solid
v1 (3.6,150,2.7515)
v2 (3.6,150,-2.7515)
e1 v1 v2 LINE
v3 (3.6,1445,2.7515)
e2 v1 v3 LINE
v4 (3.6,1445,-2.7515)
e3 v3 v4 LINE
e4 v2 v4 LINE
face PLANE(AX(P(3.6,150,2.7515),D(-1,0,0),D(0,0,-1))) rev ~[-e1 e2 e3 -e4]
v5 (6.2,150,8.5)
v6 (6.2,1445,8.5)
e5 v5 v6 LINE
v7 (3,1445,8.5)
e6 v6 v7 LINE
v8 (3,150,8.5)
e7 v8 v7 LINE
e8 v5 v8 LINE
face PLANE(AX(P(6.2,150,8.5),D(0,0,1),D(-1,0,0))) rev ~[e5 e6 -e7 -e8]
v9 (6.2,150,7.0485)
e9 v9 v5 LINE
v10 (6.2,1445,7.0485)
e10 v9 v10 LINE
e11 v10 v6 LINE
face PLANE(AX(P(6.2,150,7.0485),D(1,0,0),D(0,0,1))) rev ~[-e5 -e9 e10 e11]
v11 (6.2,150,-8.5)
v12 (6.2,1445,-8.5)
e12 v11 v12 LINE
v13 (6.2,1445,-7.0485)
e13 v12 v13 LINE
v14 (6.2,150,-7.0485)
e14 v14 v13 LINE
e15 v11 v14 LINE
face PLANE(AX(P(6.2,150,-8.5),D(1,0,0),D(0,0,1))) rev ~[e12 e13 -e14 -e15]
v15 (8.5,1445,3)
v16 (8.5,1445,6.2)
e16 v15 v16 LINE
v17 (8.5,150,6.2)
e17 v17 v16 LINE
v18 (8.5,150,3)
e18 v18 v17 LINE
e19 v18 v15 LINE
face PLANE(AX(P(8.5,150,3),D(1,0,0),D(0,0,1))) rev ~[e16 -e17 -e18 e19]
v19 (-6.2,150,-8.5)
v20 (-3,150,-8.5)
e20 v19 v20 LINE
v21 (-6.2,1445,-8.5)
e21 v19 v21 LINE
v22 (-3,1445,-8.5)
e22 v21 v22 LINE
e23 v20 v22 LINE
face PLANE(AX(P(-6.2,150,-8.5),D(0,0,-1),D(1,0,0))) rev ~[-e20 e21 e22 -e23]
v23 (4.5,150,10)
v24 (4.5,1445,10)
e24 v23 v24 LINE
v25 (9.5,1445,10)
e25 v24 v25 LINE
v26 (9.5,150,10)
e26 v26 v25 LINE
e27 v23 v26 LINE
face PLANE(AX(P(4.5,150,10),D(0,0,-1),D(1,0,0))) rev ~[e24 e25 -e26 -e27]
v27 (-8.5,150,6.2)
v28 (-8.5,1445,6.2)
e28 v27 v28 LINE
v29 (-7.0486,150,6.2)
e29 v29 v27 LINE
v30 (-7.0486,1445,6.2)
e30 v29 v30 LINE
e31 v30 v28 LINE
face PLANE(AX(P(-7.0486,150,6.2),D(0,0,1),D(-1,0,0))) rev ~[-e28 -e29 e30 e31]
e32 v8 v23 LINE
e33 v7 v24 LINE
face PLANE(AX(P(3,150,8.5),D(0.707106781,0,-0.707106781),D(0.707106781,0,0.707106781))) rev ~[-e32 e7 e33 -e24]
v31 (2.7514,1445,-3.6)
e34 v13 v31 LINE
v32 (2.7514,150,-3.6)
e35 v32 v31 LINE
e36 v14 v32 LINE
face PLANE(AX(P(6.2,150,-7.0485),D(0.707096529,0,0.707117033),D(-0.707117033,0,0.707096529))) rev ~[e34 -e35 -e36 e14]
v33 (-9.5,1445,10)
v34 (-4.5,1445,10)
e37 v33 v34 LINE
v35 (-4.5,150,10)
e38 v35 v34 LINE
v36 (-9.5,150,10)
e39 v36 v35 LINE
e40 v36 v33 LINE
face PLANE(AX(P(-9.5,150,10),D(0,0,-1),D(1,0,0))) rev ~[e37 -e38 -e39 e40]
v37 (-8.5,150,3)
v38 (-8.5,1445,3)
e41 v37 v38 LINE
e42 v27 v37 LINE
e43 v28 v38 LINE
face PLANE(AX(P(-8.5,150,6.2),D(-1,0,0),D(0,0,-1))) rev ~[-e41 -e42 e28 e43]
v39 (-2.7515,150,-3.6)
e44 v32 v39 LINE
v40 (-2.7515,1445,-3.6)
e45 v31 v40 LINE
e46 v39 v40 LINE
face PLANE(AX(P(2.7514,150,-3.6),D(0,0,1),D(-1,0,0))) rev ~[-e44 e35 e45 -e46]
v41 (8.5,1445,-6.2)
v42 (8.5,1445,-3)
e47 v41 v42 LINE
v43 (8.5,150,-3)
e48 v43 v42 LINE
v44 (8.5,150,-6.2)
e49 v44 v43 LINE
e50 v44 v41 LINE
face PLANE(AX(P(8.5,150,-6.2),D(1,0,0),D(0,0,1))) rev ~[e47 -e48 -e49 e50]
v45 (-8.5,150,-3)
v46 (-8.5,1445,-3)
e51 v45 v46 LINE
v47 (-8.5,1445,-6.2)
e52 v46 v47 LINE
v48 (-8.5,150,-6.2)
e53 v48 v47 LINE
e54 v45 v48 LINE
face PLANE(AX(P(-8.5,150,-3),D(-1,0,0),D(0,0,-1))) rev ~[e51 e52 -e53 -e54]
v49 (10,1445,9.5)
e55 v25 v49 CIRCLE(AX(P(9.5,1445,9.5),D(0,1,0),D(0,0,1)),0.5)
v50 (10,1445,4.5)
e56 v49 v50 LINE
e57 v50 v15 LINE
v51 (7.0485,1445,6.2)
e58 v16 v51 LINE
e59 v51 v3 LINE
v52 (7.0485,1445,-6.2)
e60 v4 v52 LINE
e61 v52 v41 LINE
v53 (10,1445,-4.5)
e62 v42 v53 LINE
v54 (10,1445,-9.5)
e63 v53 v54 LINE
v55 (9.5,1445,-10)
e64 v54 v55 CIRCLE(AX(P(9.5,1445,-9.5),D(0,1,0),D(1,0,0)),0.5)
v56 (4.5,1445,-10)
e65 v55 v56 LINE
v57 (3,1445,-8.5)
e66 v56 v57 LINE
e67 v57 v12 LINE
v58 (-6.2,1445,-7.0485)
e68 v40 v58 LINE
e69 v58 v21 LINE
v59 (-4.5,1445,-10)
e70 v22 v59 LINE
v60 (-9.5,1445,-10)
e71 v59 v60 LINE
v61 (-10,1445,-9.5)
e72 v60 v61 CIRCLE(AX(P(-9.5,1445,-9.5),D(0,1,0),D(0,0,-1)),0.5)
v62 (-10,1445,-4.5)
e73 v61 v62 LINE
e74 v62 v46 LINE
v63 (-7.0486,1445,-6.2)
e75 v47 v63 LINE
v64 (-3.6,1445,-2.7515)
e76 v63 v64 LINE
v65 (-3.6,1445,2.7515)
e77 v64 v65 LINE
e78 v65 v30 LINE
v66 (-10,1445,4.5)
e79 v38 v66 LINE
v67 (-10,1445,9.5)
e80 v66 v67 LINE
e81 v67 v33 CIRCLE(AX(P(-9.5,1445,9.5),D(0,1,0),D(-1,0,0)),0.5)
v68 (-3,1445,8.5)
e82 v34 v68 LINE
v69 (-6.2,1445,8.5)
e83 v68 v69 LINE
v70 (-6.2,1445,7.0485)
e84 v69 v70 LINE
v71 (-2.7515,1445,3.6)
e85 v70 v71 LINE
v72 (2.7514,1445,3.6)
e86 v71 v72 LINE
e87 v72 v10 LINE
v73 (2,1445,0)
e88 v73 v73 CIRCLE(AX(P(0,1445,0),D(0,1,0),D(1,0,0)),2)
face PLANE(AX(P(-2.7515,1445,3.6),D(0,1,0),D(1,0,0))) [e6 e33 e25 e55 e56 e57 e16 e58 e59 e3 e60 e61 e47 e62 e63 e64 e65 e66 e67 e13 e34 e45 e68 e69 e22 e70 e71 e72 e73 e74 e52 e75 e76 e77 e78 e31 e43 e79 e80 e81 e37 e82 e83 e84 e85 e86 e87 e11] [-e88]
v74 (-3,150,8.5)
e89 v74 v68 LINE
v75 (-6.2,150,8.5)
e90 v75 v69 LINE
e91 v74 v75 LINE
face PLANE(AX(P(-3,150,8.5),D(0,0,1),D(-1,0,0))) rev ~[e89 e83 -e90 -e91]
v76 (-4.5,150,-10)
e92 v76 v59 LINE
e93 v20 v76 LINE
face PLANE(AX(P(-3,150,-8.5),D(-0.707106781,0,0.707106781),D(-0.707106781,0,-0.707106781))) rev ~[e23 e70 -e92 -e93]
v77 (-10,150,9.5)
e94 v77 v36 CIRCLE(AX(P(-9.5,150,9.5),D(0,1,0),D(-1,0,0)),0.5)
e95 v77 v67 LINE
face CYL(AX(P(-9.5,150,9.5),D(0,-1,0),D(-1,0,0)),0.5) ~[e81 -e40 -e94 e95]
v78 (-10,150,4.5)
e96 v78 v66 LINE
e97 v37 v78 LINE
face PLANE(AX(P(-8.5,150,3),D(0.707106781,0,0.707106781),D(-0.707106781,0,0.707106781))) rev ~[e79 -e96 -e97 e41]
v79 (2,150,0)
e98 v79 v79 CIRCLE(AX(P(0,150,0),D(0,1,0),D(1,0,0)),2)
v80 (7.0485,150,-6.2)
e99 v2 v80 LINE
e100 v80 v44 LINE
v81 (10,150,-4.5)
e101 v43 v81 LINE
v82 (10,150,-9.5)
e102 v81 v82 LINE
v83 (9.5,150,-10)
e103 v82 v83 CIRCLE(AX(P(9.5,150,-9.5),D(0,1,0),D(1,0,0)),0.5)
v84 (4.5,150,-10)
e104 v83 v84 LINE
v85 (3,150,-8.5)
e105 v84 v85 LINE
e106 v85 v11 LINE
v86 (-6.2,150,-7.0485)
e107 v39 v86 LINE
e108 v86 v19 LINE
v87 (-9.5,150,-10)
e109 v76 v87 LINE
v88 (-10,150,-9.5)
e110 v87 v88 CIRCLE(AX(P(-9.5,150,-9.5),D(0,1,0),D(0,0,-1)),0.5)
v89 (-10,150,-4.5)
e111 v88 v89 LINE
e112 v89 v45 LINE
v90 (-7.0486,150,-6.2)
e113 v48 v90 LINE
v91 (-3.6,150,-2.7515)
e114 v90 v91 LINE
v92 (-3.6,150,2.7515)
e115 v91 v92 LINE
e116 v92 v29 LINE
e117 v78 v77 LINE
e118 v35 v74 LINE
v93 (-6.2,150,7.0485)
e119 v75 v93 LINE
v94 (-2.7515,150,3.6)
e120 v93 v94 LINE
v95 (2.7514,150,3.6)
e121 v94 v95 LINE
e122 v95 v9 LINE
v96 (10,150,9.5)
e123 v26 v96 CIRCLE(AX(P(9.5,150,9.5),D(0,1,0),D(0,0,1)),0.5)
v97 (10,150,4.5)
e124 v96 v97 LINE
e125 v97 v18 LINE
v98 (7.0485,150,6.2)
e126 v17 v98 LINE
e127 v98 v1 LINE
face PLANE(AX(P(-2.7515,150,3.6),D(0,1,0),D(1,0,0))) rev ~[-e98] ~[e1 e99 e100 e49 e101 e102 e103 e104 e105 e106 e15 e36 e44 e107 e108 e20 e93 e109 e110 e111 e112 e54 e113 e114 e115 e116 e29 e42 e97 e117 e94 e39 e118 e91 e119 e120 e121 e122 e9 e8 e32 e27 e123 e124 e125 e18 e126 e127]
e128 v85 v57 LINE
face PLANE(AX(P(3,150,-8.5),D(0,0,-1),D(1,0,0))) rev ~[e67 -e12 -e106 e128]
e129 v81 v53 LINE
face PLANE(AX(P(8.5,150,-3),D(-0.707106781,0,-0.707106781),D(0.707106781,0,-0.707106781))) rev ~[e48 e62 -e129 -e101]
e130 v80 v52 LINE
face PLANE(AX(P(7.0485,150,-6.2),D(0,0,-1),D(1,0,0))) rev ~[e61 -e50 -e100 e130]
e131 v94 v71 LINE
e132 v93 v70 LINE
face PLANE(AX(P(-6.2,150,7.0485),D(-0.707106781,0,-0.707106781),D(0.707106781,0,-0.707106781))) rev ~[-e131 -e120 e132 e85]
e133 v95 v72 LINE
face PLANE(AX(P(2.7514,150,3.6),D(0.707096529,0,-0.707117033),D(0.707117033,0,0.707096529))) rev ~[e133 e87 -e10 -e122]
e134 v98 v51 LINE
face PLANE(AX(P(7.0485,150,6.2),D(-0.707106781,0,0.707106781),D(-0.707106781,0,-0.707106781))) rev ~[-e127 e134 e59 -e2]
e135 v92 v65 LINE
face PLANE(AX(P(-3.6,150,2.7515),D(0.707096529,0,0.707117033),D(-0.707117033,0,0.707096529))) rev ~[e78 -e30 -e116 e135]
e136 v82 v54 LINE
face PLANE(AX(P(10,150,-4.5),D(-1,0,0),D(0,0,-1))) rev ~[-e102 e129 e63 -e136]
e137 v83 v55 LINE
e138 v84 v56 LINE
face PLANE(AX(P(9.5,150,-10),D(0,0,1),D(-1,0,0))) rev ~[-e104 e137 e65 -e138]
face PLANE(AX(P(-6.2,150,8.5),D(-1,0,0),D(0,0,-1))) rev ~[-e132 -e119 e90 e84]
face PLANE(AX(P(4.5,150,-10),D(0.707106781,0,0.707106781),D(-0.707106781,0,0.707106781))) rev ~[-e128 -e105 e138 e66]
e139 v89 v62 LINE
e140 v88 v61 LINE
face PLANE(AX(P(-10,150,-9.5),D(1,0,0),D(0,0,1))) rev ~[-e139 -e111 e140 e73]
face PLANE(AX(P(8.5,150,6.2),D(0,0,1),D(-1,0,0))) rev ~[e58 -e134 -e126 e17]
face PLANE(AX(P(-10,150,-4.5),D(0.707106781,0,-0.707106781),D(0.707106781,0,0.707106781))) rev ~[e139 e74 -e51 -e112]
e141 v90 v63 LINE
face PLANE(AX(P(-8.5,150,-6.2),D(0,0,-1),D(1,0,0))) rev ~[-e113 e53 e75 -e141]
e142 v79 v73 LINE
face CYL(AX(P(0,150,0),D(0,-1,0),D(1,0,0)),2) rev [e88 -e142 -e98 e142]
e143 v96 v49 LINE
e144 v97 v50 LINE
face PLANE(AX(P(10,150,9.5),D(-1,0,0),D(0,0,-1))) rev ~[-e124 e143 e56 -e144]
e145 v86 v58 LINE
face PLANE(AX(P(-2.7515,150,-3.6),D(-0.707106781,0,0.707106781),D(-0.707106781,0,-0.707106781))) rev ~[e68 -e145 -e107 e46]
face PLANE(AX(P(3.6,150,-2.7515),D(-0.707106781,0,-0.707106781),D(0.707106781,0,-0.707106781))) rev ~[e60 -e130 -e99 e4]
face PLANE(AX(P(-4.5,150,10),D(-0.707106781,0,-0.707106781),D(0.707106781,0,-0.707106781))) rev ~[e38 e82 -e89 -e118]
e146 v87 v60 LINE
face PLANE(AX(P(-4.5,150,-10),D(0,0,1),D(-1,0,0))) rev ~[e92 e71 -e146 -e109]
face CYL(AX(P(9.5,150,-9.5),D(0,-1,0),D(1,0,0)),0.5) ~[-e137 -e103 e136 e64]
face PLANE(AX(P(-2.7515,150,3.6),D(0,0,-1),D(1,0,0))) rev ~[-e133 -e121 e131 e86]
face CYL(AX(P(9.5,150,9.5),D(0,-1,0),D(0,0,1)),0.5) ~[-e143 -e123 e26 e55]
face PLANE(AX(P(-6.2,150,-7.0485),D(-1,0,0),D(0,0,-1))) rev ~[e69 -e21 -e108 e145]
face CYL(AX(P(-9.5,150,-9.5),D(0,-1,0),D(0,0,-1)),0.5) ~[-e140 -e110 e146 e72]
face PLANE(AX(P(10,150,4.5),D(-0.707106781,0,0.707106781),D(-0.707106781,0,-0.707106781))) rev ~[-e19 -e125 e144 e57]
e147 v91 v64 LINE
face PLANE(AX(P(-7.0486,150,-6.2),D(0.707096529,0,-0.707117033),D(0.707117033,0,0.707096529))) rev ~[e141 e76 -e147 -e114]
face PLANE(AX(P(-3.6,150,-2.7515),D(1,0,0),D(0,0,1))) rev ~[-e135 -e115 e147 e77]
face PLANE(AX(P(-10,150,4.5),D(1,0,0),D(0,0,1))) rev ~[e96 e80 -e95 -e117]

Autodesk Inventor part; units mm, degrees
ref_plane "YZ Plane" through (0, 0, 0) normal (1, 0, 0) x (0, 1, 0)
ref_plane "XZ Plane" through (0, 0, 0) normal (0, 1, 0) x (-1, 0, 0)
ref_plane "Work Plane1" through (-2.7515, 150, 3.6) normal (0, 1, 0) x (1, 0, 0)
sketch "Sketch1" plane through (-2.7515, 150, 3.6) normal (0, 1, 0) x (1, 0, 0)
  arc A0 (-6.7485, 13.6) -> (-7.2485, 13.1) centre (-6.7485, 13.1) ccw projected
  line L0 (-7.2485, 13.1) -> (-7.2485, 8.1) projected
  line L1 (-7.2485, 8.1) -> (-5.7485, 6.6) projected
  line L2 (-5.7485, 6.6) -> (-5.7485, 9.8) projected
  line L3 (-5.7485, 9.8) -> (-4.2971, 9.8) projected
  line L4 (-4.2971, 9.8) -> (-0.8485, 6.3515) projected
  line L5 (-0.8485, 6.3515) -> (-0.8485, 0.8485) projected
  line L6 (-0.8485, 0.8485) -> (-4.2971, -2.6) projected
  line L7 (-4.2971, -2.6) -> (-5.7485, -2.6) projected
  line L8 (-5.7485, -2.6) -> (-5.7485, 0.6) projected
  line L9 (-5.7485, 0.6) -> (-7.2485, -0.9) projected
  line L10 (-7.2485, -0.9) -> (-7.2485, -5.9) projected
  arc A1 (-7.2485, -5.9) -> (-6.7485, -6.4) centre (-6.7485, -5.9) ccw projected
  line L11 (-6.7485, -6.4) -> (-1.7485, -6.4) projected
  line L12 (-1.7485, -6.4) -> (-0.2485, -4.9) projected
  line L13 (-0.2485, -4.9) -> (-3.4485, -4.9) projected
  line L14 (-3.4485, -4.9) -> (-3.4485, -3.4485) projected
  line L15 (-3.4485, -3.4485) -> (0, 0) projected
  line L16 (0, 0) -> (5.5029, 0) projected
  line L17 (5.5029, 0) -> (8.9515, -3.4485) projected
  line L18 (8.9515, -3.4485) -> (8.9515, -4.9) projected
  line L19 (8.9515, -4.9) -> (5.7515, -4.9) projected
  line L20 (5.7515, -4.9) -> (7.2515, -6.4) projected
  line L21 (7.2515, -6.4) -> (12.2515, -6.4) projected
  arc A2 (12.2515, -6.4) -> (12.7515, -5.9) centre (12.2515, -5.9) ccw projected
  line L22 (12.7515, -5.9) -> (12.7515, -0.9) projected
  line L23 (12.7515, -0.9) -> (11.2515, 0.6) projected
  line L24 (11.2515, 0.6) -> (11.2515, -2.6) projected
  line L25 (11.2515, -2.6) -> (9.8, -2.6) projected
  line L26 (9.8, -2.6) -> (6.3515, 0.8485) projected
  line L27 (6.3515, 0.8485) -> (6.3515, 6.3515) projected
  line L28 (6.3515, 6.3515) -> (9.8, 9.8) projected
  line L29 (9.8, 9.8) -> (11.2515, 9.8) projected
  line L30 (11.2515, 9.8) -> (11.2515, 6.6) projected
  line L31 (11.2515, 6.6) -> (12.7515, 8.1) projected
  line L32 (12.7515, 8.1) -> (12.7515, 13.1) projected
  arc A3 (12.7515, 13.1) -> (12.2515, 13.6) centre (12.2515, 13.1) ccw projected
  line L33 (12.2515, 13.6) -> (7.2515, 13.6) projected
  line L34 (7.2515, 13.6) -> (5.7515, 12.1) projected
  line L35 (5.7515, 12.1) -> (8.9515, 12.1) projected
  line L36 (8.9515, 12.1) -> (8.9515, 10.6485) projected
  line L37 (8.9515, 10.6485) -> (5.5029, 7.2) projected
  line L38 (5.5029, 7.2) -> (0, 7.2) projected
  line L39 (0, 7.2) -> (-3.4485, 10.6485) projected
  line L40 (-3.4485, 10.6485) -> (-3.4485, 12.1) projected
  line L41 (-3.4485, 12.1) -> (-0.2485, 12.1) projected
  line L42 (-0.2485, 12.1) -> (-1.7485, 13.6) projected
  line L43 (-1.7485, 13.6) -> (-6.7485, 13.6) projected
  circle A4 centre (2.7515, 3.6) radius 2 projected
extrude "Extrusion1" add sketch "Sketch1" along normal blind 1295
ref_plane "Work Plane2" through (9.5, 150, 0) normal (0, 0, 1) x (1, 0, 0)
properties part number "20x20mmx150mm alminum profile" material "Aluminum 6061"
